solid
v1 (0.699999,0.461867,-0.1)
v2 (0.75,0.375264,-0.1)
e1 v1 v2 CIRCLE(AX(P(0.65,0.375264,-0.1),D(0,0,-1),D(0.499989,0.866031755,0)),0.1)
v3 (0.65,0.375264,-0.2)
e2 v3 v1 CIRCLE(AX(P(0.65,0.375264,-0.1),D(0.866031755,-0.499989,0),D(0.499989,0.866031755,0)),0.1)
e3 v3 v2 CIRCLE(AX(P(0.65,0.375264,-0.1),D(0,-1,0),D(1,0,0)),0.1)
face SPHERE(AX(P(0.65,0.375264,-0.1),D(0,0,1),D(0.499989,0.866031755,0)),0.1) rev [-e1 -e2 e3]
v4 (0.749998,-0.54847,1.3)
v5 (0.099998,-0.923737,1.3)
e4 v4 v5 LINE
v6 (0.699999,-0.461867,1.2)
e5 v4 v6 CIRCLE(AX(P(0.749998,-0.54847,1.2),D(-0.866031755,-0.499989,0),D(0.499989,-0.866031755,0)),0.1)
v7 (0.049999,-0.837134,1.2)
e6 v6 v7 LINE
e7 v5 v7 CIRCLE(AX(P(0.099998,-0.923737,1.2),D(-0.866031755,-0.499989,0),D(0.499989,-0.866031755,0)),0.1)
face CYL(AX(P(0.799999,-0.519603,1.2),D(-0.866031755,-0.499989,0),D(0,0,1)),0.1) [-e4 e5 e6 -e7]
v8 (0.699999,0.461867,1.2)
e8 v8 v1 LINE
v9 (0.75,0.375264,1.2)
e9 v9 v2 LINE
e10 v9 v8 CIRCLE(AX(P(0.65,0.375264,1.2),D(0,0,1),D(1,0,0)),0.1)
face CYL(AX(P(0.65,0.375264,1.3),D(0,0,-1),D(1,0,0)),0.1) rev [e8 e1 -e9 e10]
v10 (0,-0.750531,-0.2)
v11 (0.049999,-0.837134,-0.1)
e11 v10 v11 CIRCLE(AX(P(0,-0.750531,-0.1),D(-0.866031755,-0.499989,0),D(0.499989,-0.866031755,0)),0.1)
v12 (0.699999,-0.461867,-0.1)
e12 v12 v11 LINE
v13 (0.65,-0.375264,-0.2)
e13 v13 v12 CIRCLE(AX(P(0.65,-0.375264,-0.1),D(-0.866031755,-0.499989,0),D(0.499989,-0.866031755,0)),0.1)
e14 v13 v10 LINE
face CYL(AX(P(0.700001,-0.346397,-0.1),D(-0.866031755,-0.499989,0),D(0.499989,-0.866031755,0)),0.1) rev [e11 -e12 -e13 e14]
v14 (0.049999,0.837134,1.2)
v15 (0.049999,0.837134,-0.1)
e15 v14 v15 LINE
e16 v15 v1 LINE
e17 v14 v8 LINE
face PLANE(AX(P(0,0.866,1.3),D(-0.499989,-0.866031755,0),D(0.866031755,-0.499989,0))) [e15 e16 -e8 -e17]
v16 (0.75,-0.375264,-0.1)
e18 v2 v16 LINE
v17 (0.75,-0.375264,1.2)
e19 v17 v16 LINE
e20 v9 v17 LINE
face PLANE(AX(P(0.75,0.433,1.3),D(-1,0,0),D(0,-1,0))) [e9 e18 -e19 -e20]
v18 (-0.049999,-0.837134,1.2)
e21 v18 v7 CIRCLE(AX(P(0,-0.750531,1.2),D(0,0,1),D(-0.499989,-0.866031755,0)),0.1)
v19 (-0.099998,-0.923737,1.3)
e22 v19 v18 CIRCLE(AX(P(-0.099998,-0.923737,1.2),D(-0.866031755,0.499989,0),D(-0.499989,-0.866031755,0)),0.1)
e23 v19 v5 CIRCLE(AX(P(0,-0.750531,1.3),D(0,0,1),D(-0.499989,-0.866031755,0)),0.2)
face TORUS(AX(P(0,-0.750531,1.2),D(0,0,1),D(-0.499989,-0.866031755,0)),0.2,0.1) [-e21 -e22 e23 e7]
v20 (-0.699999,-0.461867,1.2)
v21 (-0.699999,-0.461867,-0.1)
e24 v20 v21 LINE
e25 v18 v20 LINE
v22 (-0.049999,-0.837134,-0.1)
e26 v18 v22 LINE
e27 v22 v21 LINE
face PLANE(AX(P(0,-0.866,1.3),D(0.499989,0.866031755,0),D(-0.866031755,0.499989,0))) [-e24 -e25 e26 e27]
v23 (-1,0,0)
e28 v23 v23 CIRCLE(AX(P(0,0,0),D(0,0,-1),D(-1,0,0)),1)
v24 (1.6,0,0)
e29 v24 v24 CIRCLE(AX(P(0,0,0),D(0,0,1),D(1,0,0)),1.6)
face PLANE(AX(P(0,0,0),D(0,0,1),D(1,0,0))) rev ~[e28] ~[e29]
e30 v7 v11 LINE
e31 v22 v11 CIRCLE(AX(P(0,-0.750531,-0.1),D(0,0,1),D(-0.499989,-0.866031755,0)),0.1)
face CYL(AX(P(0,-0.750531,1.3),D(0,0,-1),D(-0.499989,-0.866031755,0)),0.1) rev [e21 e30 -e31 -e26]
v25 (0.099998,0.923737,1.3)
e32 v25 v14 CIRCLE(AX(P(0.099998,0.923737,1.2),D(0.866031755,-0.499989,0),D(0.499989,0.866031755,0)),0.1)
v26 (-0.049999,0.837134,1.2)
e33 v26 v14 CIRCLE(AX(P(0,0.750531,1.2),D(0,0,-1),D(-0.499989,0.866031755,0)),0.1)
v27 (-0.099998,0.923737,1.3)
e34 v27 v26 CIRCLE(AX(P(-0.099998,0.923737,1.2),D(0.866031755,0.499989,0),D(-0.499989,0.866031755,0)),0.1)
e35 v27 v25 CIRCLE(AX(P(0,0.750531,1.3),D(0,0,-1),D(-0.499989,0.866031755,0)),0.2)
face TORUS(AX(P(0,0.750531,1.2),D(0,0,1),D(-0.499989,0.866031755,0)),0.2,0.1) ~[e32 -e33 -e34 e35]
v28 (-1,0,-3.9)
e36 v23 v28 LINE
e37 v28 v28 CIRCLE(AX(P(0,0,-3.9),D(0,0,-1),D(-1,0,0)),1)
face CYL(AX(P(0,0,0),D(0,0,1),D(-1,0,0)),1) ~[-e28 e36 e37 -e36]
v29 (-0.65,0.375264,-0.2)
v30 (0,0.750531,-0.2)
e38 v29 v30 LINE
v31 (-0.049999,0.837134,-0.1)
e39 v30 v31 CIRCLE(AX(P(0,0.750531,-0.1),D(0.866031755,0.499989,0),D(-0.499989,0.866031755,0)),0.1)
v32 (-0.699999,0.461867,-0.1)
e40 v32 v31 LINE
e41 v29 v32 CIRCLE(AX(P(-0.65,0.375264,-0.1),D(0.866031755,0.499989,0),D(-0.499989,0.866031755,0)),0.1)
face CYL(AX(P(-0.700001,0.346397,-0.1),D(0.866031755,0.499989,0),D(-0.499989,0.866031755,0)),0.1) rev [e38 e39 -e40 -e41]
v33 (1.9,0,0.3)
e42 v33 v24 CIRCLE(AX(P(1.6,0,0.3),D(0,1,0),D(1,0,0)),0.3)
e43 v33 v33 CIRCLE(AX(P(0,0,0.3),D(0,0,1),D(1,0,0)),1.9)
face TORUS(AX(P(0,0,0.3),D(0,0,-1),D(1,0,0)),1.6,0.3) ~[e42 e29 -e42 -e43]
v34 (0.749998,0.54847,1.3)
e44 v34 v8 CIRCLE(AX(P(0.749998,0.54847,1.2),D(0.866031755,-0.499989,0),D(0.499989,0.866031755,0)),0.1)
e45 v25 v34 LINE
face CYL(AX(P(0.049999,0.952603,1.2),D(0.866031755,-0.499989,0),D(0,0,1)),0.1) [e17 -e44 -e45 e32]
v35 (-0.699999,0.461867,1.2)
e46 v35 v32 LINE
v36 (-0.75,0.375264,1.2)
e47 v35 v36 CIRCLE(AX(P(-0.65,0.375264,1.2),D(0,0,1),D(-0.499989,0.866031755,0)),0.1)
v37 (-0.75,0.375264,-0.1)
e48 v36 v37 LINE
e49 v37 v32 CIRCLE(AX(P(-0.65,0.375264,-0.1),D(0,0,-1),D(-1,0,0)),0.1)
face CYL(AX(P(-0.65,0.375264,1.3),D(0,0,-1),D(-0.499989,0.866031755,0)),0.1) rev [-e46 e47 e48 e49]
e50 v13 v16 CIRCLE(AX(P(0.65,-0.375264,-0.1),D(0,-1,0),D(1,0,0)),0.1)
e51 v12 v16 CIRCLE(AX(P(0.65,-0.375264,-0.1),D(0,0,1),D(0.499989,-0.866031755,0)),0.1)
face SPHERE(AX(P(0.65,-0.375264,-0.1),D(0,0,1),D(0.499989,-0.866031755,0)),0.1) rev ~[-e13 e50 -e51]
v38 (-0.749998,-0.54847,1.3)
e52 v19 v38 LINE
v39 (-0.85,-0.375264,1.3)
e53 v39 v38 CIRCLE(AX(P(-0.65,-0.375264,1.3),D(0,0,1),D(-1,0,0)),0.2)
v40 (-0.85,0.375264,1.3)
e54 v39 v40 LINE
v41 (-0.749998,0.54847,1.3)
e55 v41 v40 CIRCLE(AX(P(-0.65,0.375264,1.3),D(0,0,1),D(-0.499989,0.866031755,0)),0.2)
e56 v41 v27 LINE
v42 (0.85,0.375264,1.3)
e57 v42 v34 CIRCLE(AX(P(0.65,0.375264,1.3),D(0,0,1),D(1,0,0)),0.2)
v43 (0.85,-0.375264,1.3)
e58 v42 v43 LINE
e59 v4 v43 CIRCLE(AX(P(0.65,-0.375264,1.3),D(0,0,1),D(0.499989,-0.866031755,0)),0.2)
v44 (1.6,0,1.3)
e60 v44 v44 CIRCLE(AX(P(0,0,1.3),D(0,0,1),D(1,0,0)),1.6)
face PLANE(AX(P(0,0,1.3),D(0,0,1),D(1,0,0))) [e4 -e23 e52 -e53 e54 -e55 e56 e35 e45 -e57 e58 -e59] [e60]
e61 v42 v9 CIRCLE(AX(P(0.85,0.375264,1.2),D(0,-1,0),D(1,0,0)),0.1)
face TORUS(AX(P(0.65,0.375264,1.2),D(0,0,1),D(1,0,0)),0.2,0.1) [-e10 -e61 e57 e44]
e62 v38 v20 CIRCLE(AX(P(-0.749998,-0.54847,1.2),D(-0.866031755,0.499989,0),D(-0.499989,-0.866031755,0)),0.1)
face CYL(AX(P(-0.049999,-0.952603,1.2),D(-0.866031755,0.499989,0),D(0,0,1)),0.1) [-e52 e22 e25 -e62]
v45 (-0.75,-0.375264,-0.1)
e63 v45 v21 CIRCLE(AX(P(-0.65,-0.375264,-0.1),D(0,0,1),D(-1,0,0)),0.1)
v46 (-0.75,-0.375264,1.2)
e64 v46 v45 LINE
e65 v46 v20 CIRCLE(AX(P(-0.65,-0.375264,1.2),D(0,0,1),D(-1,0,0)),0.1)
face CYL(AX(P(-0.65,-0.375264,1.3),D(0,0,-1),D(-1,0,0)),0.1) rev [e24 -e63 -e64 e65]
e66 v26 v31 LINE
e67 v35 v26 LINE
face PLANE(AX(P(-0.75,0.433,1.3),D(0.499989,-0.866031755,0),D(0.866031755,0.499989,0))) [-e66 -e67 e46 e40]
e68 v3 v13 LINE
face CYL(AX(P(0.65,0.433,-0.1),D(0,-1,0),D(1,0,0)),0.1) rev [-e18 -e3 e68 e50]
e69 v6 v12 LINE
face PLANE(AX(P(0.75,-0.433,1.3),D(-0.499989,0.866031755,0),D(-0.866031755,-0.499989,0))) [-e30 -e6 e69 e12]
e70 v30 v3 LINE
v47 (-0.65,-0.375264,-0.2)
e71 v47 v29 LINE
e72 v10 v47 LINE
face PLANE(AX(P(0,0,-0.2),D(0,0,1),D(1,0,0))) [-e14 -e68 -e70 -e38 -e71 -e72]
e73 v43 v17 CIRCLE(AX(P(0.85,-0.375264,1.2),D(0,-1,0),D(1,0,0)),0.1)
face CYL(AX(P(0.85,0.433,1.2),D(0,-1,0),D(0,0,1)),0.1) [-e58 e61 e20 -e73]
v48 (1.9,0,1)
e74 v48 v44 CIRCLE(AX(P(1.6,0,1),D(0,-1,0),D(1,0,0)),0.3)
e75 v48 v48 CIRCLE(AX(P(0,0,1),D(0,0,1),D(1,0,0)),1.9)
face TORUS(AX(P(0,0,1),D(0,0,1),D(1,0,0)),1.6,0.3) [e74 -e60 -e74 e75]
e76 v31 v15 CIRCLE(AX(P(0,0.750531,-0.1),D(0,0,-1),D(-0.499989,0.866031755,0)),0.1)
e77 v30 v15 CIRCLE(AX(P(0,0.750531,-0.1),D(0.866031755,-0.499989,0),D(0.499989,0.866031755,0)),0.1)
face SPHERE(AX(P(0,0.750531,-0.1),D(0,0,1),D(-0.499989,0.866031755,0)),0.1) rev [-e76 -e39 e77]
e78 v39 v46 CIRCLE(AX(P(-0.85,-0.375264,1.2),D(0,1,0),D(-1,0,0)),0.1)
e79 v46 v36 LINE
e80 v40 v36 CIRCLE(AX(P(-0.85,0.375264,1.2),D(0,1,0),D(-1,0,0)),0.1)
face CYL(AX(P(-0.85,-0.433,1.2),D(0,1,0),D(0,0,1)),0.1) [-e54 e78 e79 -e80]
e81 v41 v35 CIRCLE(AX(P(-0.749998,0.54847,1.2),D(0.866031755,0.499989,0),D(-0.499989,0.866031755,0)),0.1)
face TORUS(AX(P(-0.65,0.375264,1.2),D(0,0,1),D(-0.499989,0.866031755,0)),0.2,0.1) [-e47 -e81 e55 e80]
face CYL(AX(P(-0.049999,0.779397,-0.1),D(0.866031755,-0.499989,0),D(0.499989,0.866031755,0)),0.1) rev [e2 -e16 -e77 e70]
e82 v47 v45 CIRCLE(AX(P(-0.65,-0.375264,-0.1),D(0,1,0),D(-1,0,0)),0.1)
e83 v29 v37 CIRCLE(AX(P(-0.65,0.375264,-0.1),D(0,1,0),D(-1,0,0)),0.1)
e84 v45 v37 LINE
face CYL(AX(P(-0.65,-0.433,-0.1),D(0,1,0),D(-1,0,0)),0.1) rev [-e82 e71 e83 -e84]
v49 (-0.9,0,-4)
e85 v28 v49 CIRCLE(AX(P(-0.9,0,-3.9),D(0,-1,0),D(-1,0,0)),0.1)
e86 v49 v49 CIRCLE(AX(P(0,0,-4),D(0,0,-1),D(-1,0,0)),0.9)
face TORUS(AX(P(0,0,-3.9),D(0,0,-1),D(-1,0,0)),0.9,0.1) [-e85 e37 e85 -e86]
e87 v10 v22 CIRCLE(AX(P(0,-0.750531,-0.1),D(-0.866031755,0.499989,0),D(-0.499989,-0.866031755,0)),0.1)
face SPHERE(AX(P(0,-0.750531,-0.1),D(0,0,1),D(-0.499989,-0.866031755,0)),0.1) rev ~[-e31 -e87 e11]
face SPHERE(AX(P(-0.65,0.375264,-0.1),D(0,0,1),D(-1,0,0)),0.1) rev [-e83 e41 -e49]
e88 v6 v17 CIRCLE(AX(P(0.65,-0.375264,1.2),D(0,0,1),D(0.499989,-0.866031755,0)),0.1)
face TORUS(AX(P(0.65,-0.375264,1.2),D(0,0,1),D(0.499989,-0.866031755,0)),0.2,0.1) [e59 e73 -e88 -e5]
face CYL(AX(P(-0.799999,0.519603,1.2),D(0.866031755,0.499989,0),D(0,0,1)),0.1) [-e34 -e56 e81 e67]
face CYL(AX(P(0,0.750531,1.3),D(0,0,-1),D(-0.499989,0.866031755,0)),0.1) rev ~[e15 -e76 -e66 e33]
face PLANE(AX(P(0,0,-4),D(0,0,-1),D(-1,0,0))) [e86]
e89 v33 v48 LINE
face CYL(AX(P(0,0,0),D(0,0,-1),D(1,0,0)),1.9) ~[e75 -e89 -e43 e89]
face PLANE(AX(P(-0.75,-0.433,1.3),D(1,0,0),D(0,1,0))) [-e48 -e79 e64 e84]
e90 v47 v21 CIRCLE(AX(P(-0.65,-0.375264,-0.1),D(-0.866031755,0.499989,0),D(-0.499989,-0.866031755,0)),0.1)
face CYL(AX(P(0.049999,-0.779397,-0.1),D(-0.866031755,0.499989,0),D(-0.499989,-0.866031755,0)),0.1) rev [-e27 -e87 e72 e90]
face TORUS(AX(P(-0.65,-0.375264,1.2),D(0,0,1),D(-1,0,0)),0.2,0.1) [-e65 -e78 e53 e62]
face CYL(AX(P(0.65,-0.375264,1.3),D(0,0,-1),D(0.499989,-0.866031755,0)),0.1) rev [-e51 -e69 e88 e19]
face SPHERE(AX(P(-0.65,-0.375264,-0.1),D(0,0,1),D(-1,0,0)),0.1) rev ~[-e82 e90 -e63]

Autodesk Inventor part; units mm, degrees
ref_plane "YZ Plane" through (0, 0, 0) normal (1, 0, 0) x (0, 1, 0)
ref_plane "XZ Plane" through (0, 0, 0) normal (0, 1, 0) x (-1, 0, 0)
ref_plane "XY Plane" through (0, 0, 0) normal (0, 0, 1) x (1, 0, 0)
sketch "スケッチ1" plane through (0, 0, 0) normal (0, 0, 1) x (1, 0, 0)
  circle A0 centre (0, 0) radius 1.9
  dimension "d0" = 3.8
extrude "押し出し1" add sketch "スケッチ1" along normal blind 1.3
sketch "スケッチ2" plane through (0, 0, 0) normal (0, 0, -1) x (-1, 0, 0)
  circle A0 centre (0, 0) radius 1.9 projected
  circle A1 centre (0, 0) radius 1
  dimension "d3" = 2
extrude "押し出し2" add sketch "スケッチ2" along normal blind 4 contours A1
sketch "スケッチ3" plane through (0, 0, 1.3) normal (0, 0, 1) x (1, 0, 0)
  circle A0 centre (0, 0) radius 1.9 projected
  line L0 (0, 0.866) -> (0.75, 0.433)
  line L1 (0.75, 0.433) -> (0.75, -0.433)
  line L2 (0.75, -0.433) -> (0, -0.866)
  line L3 (0, -0.866) -> (-0.75, -0.433)
  line L4 (-0.75, -0.433) -> (-0.75, 0.433)
  line L5 (-0.75, 0.433) -> (0, 0.866)
  dimension "d6" = 0.75
extrude "押し出し3" cut sketch "スケッチ3" against normal blind 1.5 contours L0 L1 L2 L3 L4 L5
fillet "フィレット1" radius 0.3 2 edges at (-1.9, 0, 1.3) (-1.9, 0, 0)
fillet "フィレット2" radius 0.1 19 edges at (-0.375, 0.6495, 1.3) (-0.75, 0, 1.3) (-0.375, -0.6495, 1.3) (0.375, -0.6495, 1.3) (0.75, 0, 1.3) (0.375, 0.6495, 1.3) (-0.375, 0.6495, -0.2) (0.375, 0.6495, -0.2) (0, 0.866, 0.55) (-0.75, 0.433, 0.55) (-0.375, -0.6495, -0.2) (-0.75, -0.433, 0.55) (-0.75, 0, -0.2) (0.75, 0, -0.2) (0.75, 0.433, 0.55) (0.75, -0.433, 0.55) (0.375, -0.6495, -0.2) (0, -0.866, 0.55) (1, 0, -4)
thread "ねじ3" size "M2x0.4" class "6g" standard "ANSI Metric M Profile" full length
